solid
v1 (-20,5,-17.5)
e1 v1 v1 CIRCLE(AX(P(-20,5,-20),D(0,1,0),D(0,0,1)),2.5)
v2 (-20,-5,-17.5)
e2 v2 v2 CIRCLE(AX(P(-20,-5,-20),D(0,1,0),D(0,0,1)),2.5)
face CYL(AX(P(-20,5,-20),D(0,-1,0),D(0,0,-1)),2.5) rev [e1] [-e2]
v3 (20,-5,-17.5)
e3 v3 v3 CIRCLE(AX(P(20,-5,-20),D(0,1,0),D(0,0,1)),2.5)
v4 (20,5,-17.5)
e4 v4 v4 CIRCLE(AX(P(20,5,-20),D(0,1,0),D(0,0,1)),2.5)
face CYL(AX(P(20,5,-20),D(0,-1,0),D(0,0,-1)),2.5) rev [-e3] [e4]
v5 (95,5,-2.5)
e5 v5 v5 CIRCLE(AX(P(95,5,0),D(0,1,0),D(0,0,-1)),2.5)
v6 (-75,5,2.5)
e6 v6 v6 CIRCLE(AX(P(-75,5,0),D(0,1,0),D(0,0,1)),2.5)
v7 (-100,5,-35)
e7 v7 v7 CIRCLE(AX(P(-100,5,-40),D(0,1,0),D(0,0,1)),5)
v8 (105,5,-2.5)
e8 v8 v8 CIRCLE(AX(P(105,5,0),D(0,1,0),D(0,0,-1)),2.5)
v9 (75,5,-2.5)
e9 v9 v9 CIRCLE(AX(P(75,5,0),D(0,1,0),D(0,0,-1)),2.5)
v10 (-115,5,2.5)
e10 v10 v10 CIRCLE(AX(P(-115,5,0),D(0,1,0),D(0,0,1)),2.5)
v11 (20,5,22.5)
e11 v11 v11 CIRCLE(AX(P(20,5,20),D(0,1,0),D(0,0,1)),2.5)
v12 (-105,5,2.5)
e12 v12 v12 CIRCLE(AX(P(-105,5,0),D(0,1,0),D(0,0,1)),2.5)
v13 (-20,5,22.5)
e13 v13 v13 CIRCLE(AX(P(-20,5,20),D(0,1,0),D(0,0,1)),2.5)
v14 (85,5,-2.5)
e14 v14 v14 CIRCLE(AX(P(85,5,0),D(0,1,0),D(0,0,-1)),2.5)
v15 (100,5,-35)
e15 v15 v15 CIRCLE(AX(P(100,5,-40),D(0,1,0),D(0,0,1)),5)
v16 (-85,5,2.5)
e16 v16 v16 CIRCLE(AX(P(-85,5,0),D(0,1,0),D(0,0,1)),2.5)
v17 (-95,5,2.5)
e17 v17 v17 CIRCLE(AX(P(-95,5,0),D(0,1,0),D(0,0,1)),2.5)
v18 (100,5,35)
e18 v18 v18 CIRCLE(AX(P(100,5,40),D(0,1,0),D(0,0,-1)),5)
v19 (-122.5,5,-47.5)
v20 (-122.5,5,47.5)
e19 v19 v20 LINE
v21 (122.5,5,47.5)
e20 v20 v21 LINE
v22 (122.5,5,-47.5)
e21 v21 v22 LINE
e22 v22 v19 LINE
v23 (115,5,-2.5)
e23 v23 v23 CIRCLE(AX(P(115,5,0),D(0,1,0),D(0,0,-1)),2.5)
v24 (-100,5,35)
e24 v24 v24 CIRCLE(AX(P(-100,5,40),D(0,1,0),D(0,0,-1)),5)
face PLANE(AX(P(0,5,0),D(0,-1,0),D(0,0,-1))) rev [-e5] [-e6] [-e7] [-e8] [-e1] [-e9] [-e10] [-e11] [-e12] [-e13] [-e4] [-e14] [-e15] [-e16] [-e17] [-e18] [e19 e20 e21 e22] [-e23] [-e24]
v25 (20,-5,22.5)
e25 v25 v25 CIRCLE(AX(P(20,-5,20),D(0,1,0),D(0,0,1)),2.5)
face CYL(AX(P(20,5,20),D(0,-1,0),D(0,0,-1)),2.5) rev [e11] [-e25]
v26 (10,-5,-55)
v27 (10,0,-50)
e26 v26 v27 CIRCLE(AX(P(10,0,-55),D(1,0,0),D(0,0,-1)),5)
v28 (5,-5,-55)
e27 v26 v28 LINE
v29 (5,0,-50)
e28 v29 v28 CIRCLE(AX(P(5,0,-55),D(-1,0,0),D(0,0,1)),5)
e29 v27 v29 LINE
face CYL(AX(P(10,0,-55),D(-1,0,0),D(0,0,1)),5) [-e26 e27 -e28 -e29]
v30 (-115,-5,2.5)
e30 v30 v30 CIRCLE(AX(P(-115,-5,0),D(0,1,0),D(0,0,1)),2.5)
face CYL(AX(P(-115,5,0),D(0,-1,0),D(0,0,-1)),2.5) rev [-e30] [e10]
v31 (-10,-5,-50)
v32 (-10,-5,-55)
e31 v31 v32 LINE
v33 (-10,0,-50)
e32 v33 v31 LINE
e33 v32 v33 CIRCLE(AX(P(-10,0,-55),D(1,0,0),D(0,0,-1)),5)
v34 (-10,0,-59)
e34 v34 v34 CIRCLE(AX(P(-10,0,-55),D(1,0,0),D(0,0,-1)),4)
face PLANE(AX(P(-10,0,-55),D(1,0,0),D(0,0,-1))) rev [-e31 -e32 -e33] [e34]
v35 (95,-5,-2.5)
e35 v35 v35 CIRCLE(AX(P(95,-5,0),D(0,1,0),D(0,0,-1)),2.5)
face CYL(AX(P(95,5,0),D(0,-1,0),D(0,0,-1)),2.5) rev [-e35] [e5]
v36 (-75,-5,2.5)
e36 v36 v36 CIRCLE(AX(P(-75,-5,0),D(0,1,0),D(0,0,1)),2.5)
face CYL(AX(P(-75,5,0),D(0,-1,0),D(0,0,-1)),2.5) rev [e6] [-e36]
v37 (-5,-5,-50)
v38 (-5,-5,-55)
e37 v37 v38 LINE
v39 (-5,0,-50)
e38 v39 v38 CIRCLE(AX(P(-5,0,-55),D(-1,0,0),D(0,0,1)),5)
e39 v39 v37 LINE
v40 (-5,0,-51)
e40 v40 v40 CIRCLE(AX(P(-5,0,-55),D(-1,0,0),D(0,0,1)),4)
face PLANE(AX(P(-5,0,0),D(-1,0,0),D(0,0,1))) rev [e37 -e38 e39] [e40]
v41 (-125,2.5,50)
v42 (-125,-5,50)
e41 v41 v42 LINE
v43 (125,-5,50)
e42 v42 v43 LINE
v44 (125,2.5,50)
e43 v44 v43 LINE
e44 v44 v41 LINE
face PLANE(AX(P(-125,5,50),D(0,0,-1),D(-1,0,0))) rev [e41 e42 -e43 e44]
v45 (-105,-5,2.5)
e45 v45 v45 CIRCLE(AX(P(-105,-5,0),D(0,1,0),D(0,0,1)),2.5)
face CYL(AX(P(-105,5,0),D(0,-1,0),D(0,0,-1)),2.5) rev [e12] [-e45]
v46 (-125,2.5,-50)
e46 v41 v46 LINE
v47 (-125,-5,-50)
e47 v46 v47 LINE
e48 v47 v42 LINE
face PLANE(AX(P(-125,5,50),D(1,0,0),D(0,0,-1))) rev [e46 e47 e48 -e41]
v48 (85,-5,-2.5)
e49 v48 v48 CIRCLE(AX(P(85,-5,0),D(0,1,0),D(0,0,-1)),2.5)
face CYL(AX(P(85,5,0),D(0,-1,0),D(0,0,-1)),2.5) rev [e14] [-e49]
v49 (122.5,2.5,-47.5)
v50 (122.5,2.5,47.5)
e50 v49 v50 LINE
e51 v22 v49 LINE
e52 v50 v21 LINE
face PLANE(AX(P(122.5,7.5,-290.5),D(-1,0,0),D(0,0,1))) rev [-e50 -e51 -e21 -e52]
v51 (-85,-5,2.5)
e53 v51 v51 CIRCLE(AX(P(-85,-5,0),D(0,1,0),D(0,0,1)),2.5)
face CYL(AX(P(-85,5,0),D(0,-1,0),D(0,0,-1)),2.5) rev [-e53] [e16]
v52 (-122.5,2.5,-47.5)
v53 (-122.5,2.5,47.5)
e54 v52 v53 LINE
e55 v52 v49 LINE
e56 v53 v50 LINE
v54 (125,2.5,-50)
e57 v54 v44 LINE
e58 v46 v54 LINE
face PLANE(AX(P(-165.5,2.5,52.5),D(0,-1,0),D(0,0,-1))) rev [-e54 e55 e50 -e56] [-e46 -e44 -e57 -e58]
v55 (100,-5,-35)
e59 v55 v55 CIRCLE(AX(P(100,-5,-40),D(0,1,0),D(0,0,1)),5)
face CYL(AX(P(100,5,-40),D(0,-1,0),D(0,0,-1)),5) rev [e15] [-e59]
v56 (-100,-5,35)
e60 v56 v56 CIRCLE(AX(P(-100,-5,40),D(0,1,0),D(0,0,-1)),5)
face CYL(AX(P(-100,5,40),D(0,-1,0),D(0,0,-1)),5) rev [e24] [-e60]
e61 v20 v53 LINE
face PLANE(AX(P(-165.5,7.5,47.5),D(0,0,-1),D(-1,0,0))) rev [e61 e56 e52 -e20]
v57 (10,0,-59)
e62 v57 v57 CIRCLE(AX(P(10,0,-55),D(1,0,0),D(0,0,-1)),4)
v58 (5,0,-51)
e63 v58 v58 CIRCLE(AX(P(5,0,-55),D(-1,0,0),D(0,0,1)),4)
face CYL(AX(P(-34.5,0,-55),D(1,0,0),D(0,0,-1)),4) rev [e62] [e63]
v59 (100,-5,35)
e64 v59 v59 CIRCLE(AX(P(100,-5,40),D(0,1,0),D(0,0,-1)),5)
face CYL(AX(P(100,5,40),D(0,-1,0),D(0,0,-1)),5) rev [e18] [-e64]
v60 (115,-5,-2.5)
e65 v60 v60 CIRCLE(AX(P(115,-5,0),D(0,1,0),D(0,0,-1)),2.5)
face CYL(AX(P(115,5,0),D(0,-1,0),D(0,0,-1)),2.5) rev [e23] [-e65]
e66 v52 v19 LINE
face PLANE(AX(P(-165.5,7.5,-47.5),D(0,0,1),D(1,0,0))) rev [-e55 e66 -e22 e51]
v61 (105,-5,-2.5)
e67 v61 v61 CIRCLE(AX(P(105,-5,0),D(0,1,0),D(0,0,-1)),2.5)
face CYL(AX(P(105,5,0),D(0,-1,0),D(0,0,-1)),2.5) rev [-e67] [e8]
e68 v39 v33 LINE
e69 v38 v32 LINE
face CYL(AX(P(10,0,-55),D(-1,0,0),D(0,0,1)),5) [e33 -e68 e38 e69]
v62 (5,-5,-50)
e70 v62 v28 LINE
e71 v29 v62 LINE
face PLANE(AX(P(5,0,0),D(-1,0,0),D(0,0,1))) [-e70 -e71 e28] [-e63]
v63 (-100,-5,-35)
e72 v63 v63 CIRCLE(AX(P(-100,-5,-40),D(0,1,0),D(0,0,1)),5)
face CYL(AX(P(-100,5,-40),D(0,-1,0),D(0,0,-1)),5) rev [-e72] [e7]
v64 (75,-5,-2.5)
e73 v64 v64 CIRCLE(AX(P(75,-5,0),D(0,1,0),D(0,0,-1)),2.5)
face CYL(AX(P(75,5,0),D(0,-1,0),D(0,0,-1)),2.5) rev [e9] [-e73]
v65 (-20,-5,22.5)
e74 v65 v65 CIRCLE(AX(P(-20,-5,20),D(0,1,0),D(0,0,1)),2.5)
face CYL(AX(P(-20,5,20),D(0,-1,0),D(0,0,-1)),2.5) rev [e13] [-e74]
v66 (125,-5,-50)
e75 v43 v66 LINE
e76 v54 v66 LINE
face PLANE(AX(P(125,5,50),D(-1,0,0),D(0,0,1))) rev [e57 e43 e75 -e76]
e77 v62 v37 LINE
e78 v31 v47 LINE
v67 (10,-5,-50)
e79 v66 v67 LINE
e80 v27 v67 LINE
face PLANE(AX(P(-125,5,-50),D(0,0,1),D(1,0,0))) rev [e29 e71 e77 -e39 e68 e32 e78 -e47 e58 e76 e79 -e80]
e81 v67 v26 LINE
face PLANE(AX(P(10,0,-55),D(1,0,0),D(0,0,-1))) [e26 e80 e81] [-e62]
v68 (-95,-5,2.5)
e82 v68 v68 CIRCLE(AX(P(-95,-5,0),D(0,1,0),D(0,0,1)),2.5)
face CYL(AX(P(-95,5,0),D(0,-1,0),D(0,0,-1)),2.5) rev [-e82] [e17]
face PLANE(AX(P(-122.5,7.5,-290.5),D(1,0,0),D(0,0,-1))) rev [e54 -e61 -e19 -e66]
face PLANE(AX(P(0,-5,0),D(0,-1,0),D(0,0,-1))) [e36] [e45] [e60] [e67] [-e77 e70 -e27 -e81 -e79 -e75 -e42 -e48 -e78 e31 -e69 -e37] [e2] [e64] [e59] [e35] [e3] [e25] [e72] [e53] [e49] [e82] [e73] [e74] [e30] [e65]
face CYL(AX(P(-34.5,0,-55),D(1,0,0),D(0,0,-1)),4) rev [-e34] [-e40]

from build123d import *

# Parameters (mm, degrees)
SKETCH1_W           = 250
SKETCH1_H           = 100
SKETCH1_R           = 5
SKETCH1_R_2         = 2.5
BOSS_EXTRUDE1_DEPTH = 5
BOSS_EXTRUDE2_DEPTH = 10
CUT_EXTRUDE1_DEPTH  = 5
SKETCH4_R           = 4
CUT_EXTRUDE2_DEPTH  = 44.5
SKETCH5_W           = 5
SKETCH5_H           = 5
SKETCH5_W_2         = 2.5
CUT_EXTRUDE3_DEPTH  = 290.5
SKETCH6_W           = 5
SKETCH6_H           = 5
CUT_EXTRUDE4_DEPTH  = 290.5


with BuildPart() as part:
    # Sketch1 → Boss-Extrude1 (new, symmetric)
    with BuildSketch(Plane(origin=(0, 0, 0), x_dir=(1, 0, 0), z_dir=(0, 1, 0))):
        Rectangle(SKETCH1_W, SKETCH1_H)
        with Locations(Location((-100, 40, 0), (0, 0, 270))):
            Circle(SKETCH1_R, mode=Mode.SUBTRACT)
        with Locations(Location((100, 40, 0), (0, 0, 270))):
            Circle(SKETCH1_R, mode=Mode.SUBTRACT)
        with Locations(Location((-100, -40, 0), (0, 0, 90))):
            Circle(SKETCH1_R, mode=Mode.SUBTRACT)
        with Locations(Location((100, -40, 0), (0, 0, 90))):
            Circle(SKETCH1_R, mode=Mode.SUBTRACT)
        with Locations(Location((-20, 20, 0), (0, 0, 270))):
            Circle(SKETCH1_R_2, mode=Mode.SUBTRACT)
        with Locations(Location((20, 20, 0), (0, 0, 270))):
            Circle(SKETCH1_R_2, mode=Mode.SUBTRACT)
        with Locations(Location((-20, -20, 0), (0, 0, 270))):
            Circle(SKETCH1_R_2, mode=Mode.SUBTRACT)
        with Locations(Location((20, -20, 0), (0, 0, 270))):
            Circle(SKETCH1_R_2, mode=Mode.SUBTRACT)
        with Locations(Location((-115, 0, 0), (0, 0, 270))):
            Circle(SKETCH1_R_2, mode=Mode.SUBTRACT)
        with Locations(Location((-105, 0, 0), (0, 0, 270))):
            Circle(SKETCH1_R_2, mode=Mode.SUBTRACT)
        with Locations(Location((-95, 0, 0), (0, 0, 270))):
            Circle(SKETCH1_R_2, mode=Mode.SUBTRACT)
        with Locations(Location((-85, 0, 0), (0, 0, 270))):
            Circle(SKETCH1_R_2, mode=Mode.SUBTRACT)
        with Locations(Location((-75, 0, 0), (0, 0, 270))):
            Circle(SKETCH1_R_2, mode=Mode.SUBTRACT)
        with Locations(Location((75, 0, 0), (0, 0, 90))):
            Circle(SKETCH1_R_2, mode=Mode.SUBTRACT)
        with Locations(Location((85, 0, 0), (0, 0, 90))):
            Circle(SKETCH1_R_2, mode=Mode.SUBTRACT)
        with Locations(Location((95, 0, 0), (0, 0, 90))):
            Circle(SKETCH1_R_2, mode=Mode.SUBTRACT)
        with Locations(Location((105, 0, 0), (0, 0, 90))):
            Circle(SKETCH1_R_2, mode=Mode.SUBTRACT)
        with Locations(Location((115, 0, 0), (0, 0, 90))):
            Circle(SKETCH1_R_2, mode=Mode.SUBTRACT)
    extrude(amount=BOSS_EXTRUDE1_DEPTH, both=True)

    # Sketch2 → Boss-Extrude2 (add, symmetric)
    with BuildSketch(Plane(origin=(0, 0, 0), x_dir=(0, 0, -1), z_dir=(1, 0, 0))):
        with BuildLine():
            Line((55, -5), (50, -5))
            Line((50, -5), (50, 0))
            ThreePointArc((50, 0), (58.535533906, 3.535533906), (55, -5))
        make_face()
    extrude(amount=BOSS_EXTRUDE2_DEPTH, both=True)

    # Sketch3 → Cut-Extrude1 (cut, symmetric)
    with BuildSketch(Plane(origin=(0, 0, 0), x_dir=(0, 0, -1), z_dir=(1, 0, 0))):
        Polygon((50, 5), (50, -6.022521845), (64.637798631, -7.270431104), (61.921760831, 9.282718187), align=None)
    extrude(amount=CUT_EXTRUDE1_DEPTH, both=True, mode=Mode.SUBTRACT)

    # Sketch4 → Cut-Extrude2 (cut, symmetric)
    with BuildSketch(Plane(origin=(10, 0, 0), x_dir=(0, 0, -1), z_dir=(1, 0, 0))):
        with Locations((55, 0)):
            Circle(SKETCH4_R)
    extrude(amount=CUT_EXTRUDE2_DEPTH, both=True, mode=Mode.SUBTRACT)

    # Sketch5 → Cut-Extrude3 (cut, symmetric)
    with BuildSketch(Plane(origin=(125, 0, 0), x_dir=(0, 0, -1), z_dir=(1, 0, 0))):
        with Locations((-50, 5)):
            Rectangle(SKETCH5_W, SKETCH5_H)
        with Locations((48.75, 5)):
            Rectangle(SKETCH5_W_2, SKETCH5_H)
    extrude(amount=CUT_EXTRUDE3_DEPTH, both=True, mode=Mode.SUBTRACT)

    # Sketch6 → Cut-Extrude4 (cut, symmetric)
    with BuildSketch(Plane.XY):
        with Locations((125, 5)):
            Rectangle(SKETCH6_W, SKETCH6_H)
        with Locations((-125, 5)):
            Rectangle(SKETCH6_W, SKETCH6_H)
    extrude(amount=CUT_EXTRUDE4_DEPTH, both=True, mode=Mode.SUBTRACT)


solid = part.part
